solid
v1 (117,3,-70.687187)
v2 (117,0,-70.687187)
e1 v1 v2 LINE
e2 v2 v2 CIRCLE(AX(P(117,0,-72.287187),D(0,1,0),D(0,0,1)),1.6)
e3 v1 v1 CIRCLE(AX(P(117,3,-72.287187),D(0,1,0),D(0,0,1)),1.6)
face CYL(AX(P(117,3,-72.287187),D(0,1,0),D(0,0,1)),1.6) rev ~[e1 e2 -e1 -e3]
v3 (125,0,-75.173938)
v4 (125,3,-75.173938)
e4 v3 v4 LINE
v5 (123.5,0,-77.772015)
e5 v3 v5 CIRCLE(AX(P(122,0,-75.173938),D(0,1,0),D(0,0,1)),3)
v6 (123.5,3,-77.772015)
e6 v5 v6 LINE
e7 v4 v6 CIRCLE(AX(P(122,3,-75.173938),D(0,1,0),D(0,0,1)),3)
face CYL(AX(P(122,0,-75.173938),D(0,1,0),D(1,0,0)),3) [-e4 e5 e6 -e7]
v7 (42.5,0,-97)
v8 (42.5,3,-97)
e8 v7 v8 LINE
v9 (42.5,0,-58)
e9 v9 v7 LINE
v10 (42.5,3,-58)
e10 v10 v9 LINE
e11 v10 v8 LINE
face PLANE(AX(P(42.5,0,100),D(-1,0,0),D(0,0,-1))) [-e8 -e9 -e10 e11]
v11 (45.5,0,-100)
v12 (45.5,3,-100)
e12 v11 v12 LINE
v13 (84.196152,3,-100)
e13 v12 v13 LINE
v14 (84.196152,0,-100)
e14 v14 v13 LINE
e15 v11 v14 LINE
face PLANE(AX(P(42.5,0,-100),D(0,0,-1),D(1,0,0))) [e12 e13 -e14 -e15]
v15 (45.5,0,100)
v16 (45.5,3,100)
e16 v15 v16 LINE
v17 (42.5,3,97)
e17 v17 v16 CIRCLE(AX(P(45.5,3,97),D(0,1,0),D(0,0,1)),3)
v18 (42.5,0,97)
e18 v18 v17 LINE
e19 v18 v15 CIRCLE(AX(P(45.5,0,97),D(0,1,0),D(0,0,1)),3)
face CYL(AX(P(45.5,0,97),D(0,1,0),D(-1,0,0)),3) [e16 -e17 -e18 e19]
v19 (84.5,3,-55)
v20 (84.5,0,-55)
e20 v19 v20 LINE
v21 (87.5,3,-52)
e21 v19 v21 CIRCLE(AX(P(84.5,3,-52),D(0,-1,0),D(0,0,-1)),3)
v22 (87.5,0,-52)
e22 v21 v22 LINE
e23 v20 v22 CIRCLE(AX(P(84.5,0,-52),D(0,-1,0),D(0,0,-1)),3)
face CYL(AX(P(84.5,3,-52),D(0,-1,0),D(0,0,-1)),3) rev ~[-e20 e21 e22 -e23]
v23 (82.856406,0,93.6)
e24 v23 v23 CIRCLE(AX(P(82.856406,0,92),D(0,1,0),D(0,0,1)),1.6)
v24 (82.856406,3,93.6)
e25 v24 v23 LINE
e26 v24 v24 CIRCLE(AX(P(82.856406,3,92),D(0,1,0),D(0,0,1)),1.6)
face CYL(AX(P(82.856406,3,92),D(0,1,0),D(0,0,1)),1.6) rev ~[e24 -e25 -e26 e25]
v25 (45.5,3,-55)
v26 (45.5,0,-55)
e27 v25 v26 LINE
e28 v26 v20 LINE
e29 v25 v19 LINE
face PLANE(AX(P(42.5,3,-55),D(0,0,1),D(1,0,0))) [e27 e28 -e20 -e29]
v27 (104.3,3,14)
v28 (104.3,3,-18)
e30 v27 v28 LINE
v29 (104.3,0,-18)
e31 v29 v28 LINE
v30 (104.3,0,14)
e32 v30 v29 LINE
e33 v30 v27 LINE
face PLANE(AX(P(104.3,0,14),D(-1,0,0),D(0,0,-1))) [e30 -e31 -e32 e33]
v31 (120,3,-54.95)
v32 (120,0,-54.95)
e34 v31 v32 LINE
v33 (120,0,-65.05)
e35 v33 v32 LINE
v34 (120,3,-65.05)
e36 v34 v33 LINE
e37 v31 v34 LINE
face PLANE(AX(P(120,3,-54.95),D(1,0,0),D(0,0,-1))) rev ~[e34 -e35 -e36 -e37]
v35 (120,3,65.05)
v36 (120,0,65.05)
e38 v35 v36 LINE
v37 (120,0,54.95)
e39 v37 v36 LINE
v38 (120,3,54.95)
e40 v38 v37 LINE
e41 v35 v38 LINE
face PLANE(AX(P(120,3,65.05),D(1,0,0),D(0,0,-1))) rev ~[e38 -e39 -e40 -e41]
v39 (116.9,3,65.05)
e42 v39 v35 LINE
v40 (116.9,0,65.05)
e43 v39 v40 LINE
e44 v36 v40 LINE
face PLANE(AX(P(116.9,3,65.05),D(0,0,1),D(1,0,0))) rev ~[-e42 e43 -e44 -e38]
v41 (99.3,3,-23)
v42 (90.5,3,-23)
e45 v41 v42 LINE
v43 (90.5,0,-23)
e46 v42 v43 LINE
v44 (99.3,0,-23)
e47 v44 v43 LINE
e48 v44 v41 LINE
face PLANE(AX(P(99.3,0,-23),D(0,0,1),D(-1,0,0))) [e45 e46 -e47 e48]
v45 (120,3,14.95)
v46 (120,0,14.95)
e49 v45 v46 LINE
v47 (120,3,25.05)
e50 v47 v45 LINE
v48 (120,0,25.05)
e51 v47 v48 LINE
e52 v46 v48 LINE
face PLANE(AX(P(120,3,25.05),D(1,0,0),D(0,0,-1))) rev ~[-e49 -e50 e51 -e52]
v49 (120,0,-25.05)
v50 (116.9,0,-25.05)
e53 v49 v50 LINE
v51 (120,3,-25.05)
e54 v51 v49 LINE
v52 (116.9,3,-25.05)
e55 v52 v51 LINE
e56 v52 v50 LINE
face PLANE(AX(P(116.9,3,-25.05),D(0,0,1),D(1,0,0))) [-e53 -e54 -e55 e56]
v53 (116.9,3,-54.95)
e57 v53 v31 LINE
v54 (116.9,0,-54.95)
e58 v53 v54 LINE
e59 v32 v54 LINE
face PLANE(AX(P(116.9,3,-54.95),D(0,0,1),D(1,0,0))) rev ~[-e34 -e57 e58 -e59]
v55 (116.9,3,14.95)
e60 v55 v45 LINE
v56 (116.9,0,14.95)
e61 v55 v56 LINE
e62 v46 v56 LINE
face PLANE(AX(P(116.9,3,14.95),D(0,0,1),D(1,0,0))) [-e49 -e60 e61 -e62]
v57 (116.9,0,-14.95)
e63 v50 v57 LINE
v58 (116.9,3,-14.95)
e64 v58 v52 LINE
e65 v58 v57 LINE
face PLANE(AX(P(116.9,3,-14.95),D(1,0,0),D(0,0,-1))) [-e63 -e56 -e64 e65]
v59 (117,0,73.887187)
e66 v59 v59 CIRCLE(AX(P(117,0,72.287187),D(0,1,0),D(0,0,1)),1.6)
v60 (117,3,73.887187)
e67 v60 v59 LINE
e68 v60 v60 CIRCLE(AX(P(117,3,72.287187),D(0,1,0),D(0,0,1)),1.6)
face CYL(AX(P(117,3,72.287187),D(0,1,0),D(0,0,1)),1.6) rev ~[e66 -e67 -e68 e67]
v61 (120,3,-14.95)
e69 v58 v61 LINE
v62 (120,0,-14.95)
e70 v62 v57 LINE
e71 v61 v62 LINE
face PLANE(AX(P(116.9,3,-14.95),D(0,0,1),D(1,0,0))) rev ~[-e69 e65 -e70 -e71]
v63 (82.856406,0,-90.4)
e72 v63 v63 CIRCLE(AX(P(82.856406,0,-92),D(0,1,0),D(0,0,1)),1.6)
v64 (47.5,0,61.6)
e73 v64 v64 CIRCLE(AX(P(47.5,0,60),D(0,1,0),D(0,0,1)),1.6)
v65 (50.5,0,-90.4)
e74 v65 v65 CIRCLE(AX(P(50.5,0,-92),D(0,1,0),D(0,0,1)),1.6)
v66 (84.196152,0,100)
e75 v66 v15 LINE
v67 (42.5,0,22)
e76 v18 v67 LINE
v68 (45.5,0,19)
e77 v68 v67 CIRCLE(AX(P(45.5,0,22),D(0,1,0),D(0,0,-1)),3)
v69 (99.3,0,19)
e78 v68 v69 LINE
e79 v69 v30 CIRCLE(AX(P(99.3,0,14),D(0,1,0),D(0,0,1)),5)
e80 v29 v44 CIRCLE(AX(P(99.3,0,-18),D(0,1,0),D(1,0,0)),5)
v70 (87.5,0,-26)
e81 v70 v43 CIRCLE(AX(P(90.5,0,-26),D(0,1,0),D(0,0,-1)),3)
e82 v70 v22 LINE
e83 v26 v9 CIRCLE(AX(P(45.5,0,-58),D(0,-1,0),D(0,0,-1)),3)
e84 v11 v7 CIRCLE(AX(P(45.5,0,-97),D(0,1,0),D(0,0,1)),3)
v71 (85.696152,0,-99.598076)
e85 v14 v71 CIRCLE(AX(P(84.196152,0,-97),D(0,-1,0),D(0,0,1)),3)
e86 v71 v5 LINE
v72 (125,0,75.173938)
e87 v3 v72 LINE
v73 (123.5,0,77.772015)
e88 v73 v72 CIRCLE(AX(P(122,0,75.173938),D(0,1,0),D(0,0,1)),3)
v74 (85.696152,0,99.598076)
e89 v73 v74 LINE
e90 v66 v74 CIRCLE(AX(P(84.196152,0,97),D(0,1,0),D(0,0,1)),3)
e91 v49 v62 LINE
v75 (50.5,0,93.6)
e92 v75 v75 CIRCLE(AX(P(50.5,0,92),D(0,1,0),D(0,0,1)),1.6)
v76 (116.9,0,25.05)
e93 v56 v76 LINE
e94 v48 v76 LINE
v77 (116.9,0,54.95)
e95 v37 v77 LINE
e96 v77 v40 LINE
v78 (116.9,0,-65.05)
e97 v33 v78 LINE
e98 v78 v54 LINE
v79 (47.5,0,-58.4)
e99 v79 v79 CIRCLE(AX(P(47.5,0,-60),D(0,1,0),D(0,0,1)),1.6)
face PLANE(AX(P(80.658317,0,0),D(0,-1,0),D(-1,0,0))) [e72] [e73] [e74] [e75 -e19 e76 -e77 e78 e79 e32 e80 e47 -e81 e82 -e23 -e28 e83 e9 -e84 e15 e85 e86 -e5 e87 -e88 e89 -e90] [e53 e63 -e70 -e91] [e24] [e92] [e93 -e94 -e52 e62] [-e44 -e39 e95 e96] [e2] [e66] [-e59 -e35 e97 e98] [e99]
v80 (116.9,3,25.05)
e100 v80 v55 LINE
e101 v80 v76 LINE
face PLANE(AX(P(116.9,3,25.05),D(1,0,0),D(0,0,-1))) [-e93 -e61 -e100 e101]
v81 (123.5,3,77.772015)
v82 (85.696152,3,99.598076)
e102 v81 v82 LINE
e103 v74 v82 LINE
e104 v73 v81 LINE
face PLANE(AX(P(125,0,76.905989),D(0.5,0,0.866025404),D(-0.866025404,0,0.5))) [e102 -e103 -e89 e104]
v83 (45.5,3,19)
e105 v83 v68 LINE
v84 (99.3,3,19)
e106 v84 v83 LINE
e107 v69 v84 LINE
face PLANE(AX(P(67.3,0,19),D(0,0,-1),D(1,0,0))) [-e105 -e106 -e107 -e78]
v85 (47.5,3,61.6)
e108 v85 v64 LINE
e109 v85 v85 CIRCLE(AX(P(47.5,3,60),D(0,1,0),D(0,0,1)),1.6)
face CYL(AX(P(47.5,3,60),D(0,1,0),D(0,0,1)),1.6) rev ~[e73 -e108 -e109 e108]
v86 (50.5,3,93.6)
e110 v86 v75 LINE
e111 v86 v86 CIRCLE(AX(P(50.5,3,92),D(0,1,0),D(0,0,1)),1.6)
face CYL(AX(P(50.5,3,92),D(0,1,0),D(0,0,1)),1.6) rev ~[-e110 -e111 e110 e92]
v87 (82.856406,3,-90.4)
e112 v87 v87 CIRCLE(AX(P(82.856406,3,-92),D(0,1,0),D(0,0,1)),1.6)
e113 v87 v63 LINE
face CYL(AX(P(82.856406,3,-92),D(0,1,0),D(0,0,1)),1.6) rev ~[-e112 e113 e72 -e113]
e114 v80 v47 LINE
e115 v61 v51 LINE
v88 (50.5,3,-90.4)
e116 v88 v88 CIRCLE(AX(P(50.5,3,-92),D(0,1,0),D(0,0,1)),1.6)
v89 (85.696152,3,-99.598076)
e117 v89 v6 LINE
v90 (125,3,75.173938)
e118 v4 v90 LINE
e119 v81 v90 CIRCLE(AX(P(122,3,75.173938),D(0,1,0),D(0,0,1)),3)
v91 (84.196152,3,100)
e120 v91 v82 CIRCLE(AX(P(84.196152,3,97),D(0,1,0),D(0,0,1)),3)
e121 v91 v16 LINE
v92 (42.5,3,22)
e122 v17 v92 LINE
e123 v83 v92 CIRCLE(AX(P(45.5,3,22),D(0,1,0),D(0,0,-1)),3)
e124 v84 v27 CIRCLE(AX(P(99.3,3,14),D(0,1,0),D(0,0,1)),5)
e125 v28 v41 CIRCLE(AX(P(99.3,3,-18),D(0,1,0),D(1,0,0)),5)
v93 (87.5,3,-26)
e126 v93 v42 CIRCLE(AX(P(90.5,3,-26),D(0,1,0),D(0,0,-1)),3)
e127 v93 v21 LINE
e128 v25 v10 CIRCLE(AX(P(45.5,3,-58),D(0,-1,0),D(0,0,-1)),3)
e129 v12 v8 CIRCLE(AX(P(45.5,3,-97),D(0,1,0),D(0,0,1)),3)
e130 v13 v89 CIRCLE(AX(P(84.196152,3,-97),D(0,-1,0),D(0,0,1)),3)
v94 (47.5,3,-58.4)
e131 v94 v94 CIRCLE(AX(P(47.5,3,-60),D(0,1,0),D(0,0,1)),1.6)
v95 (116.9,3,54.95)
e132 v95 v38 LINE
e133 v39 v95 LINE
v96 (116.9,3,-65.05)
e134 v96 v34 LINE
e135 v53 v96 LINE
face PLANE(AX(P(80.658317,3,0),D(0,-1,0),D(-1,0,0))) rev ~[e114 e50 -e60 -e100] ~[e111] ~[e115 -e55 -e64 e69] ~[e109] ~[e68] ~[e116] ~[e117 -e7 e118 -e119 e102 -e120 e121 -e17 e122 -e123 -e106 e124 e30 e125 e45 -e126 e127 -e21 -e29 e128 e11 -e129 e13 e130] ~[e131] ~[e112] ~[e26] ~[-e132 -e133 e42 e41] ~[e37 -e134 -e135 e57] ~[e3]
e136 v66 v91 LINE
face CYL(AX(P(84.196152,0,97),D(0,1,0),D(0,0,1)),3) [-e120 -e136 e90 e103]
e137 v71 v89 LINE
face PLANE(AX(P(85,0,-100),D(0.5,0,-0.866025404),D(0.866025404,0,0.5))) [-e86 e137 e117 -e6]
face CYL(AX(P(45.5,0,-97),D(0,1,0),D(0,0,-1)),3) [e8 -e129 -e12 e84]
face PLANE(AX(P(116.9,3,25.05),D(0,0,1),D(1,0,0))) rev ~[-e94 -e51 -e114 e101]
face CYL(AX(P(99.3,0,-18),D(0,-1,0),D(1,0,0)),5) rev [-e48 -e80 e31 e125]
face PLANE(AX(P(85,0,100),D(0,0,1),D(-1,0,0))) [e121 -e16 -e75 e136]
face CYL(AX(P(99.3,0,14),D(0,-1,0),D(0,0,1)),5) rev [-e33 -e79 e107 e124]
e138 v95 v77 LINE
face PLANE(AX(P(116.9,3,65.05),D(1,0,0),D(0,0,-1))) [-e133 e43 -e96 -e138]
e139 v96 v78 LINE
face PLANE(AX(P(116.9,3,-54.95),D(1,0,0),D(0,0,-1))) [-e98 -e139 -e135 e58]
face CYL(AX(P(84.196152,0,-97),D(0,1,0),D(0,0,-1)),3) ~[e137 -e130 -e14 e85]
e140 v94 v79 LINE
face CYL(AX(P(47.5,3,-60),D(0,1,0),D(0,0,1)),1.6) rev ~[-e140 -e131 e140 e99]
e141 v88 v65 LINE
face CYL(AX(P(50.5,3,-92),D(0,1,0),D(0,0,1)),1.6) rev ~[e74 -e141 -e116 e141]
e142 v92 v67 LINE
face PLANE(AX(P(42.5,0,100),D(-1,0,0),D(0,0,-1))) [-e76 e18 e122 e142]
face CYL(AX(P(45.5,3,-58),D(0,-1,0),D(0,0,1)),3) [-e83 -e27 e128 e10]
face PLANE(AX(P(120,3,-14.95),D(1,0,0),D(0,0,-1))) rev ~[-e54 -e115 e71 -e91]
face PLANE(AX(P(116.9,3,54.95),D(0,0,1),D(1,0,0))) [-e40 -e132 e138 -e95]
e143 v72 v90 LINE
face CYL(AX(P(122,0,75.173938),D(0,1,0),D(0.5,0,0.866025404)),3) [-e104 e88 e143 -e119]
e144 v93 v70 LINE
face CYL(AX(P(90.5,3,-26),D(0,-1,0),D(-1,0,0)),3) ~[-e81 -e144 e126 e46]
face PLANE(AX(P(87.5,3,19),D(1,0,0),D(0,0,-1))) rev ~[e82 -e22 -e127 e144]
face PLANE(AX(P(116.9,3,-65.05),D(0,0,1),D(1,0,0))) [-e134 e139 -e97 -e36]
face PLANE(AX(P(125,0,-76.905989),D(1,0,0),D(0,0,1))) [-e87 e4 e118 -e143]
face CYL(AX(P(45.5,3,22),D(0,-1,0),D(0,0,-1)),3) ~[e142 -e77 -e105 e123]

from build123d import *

# Parameters (mm, degrees)
BOSS_EXTRUDE1_DEPTH = 3
CUT_EXTRUDE1_REACH  = 162.106
SKETCH2_W           = 45
SKETCH2_H           = 74
FILLET2_R           = 3
SKETCH3_W           = 3.1
SKETCH3_H           = 10.1
CUT_EXTRUDE2_DEPTH  = 161.106214745
CUT_EXTRUDE3_REACH  = 162.106
SKETCH4_R           = 1.6


with BuildPart() as part:
    # Sketch1 → Boss-Extrude1 (new body)
    with BuildSketch(Plane(origin=(0, 0, 0), x_dir=(1, 0, 0), z_dir=(0, 1, 0))):
        Polygon((42.5, 100), (85, 100), (125, 76.905989232), (125, -76.905989232), (85, -100), (42.5, -100), align=None)
        with BuildLine():
            Line((99.3, 23), (67.3, 23))
            ThreePointArc((67.3, 23), (63.764466094, 21.535533906), (62.3, 18))
            Line((62.3, 18), (62.3, -14))
            ThreePointArc((62.3, -14), (63.764466094, -17.535533906), (67.3, -19))
            Line((67.3, -19), (99.3, -19))
            ThreePointArc((99.3, -19), (102.835533906, -17.535533906), (104.3, -14))
            Line((104.3, -14), (104.3, 18))
            ThreePointArc((104.3, 18), (102.835533906, 21.535533906), (99.3, 23))
        make_face(mode=Mode.SUBTRACT)
    extrude(amount=BOSS_EXTRUDE1_DEPTH)

    # Sketch2 → Cut-Extrude1 (cut, up to next)
    with BuildSketch(Plane(origin=(0, 3, 0), x_dir=(1, 0, 0), z_dir=(0, 1, 0)), mode=Mode.PRIVATE) as cut_extrude1_sk1:
        with Locations((65, 18)):
            Rectangle(SKETCH2_W, SKETCH2_H)
    cut_extrude1_tool1 = extrude(cut_extrude1_sk1.sketch, amount=-CUT_EXTRUDE1_REACH, mode=Mode.PRIVATE) & part.part
    add(cut_extrude1_tool1.solids().sort_by_distance((65, 3, -18))[0], mode=Mode.SUBTRACT)

    # Fillet2
    fillet2_edges = [part.edges().sort_by_distance(p)[0] for p in [
        (125, 1.5, -76.905989232),
        (125, 1.5, 76.905989232),
        (85, 1.5, 100),
        (42.5, 1.5, 100),
        (42.5, 1.5, -100),
        (85, 1.5, -100),
        (42.5, 1.5, 19),
        (42.5, 1.5, -55),
        (87.5, 1.5, -23),
        (87.5, 1.5, -55),
    ]]
    fillet(fillet2_edges, radius=FILLET2_R)

    # Sketch3 → Cut-Extrude2 (cut, through all)
    with BuildSketch(Plane(origin=(0, 3, 0), x_dir=(1, 0, 0), z_dir=(0, 1, 0))):
        with Locations((118.45, 20)):
            Rectangle(SKETCH3_W, SKETCH3_H)
        with Locations((118.45, -20)):
            Rectangle(SKETCH3_W, SKETCH3_H)
        with Locations((118.45, 60)):
            Rectangle(SKETCH3_W, SKETCH3_H)
        with Locations((118.45, -60)):
            Rectangle(SKETCH3_W, SKETCH3_H)
    extrude(amount=-CUT_EXTRUDE2_DEPTH, mode=Mode.SUBTRACT)

    # Sketch4 → Cut-Extrude3 (cut, up to next)
    with BuildSketch(Plane(origin=(0, 3, 0), x_dir=(1, 0, 0), z_dir=(0, 1, 0)), mode=Mode.PRIVATE) as cut_extrude3_sk1:
        with Locations(Location((50.5, 92, 0), (0, 0, 270))):
            Circle(SKETCH4_R)
    cut_extrude3_tool1 = extrude(cut_extrude3_sk1.sketch, amount=-CUT_EXTRUDE3_REACH, mode=Mode.PRIVATE) & part.part
    # Sketch4 → Cut-Extrude3 (cut, up to next)
    with BuildSketch(Plane(origin=(0, 3, 0), x_dir=(1, 0, 0), z_dir=(0, 1, 0)), mode=Mode.PRIVATE) as cut_extrude3_sk2:
        with Locations(Location((47.5, 60, 0), (0, 0, 270))):
            Circle(SKETCH4_R)
    cut_extrude3_tool2 = extrude(cut_extrude3_sk2.sketch, amount=-CUT_EXTRUDE3_REACH, mode=Mode.PRIVATE) & part.part
    # Sketch4 → Cut-Extrude3 (cut, up to next)
    with BuildSketch(Plane(origin=(0, 3, 0), x_dir=(1, 0, 0), z_dir=(0, 1, 0)), mode=Mode.PRIVATE) as cut_extrude3_sk3:
        with Locations(Location((47.5, -60, 0), (0, 0, 270))):
            Circle(SKETCH4_R)
    cut_extrude3_tool3 = extrude(cut_extrude3_sk3.sketch, amount=-CUT_EXTRUDE3_REACH, mode=Mode.PRIVATE) & part.part
    # Sketch4 → Cut-Extrude3 (cut, up to next)
    with BuildSketch(Plane(origin=(0, 3, 0), x_dir=(1, 0, 0), z_dir=(0, 1, 0)), mode=Mode.PRIVATE) as cut_extrude3_sk4:
        with Locations(Location((50.5, -92, 0), (0, 0, 270))):
            Circle(SKETCH4_R)
    cut_extrude3_tool4 = extrude(cut_extrude3_sk4.sketch, amount=-CUT_EXTRUDE3_REACH, mode=Mode.PRIVATE) & part.part
    # Sketch4 → Cut-Extrude3 (cut, up to next)
    with BuildSketch(Plane(origin=(0, 3, 0), x_dir=(1, 0, 0), z_dir=(0, 1, 0)), mode=Mode.PRIVATE) as cut_extrude3_sk5:
        with Locations(Location((117, 72.287187079, 0), (0, 0, 270))):
            Circle(SKETCH4_R)
    cut_extrude3_tool5 = extrude(cut_extrude3_sk5.sketch, amount=-CUT_EXTRUDE3_REACH, mode=Mode.PRIVATE) & part.part
    # Sketch4 → Cut-Extrude3 (cut, up to next)
    with BuildSketch(Plane(origin=(0, 3, 0), x_dir=(1, 0, 0), z_dir=(0, 1, 0)), mode=Mode.PRIVATE) as cut_extrude3_sk6:
        with Locations(Location((117, -72.287187079, 0), (0, 0, 270))):
            Circle(SKETCH4_R)
    cut_extrude3_tool6 = extrude(cut_extrude3_sk6.sketch, amount=-CUT_EXTRUDE3_REACH, mode=Mode.PRIVATE) & part.part
    # Sketch4 → Cut-Extrude3 (cut, up to next)
    with BuildSketch(Plane(origin=(0, 3, 0), x_dir=(1, 0, 0), z_dir=(0, 1, 0)), mode=Mode.PRIVATE) as cut_extrude3_sk7:
        with Locations(Location((82.856406461, 92, 0), (0, 0, 270))):
            Circle(SKETCH4_R)
    cut_extrude3_tool7 = extrude(cut_extrude3_sk7.sketch, amount=-CUT_EXTRUDE3_REACH, mode=Mode.PRIVATE) & part.part
    # Sketch4 → Cut-Extrude3 (cut, up to next)
    with BuildSketch(Plane(origin=(0, 3, 0), x_dir=(1, 0, 0), z_dir=(0, 1, 0)), mode=Mode.PRIVATE) as cut_extrude3_sk8:
        with Locations(Location((82.856406461, -92, 0), (0, 0, 270))):
            Circle(SKETCH4_R)
    cut_extrude3_tool8 = extrude(cut_extrude3_sk8.sketch, amount=-CUT_EXTRUDE3_REACH, mode=Mode.PRIVATE) & part.part
    add(cut_extrude3_tool1.solids().sort_by_distance((50.5, 3, -92))[0], mode=Mode.SUBTRACT)
    add(cut_extrude3_tool2.solids().sort_by_distance((47.5, 3, -60))[0], mode=Mode.SUBTRACT)
    add(cut_extrude3_tool3.solids().sort_by_distance((47.5, 3, 60))[0], mode=Mode.SUBTRACT)
    add(cut_extrude3_tool4.solids().sort_by_distance((50.5, 3, 92))[0], mode=Mode.SUBTRACT)
    add(cut_extrude3_tool5.solids().sort_by_distance((117, 3, -72.287187))[0], mode=Mode.SUBTRACT)
    add(cut_extrude3_tool6.solids().sort_by_distance((117, 3, 72.287187))[0], mode=Mode.SUBTRACT)
    add(cut_extrude3_tool7.solids().sort_by_distance((82.856406, 3, -92))[0], mode=Mode.SUBTRACT)
    add(cut_extrude3_tool8.solids().sort_by_distance((82.856406, 3, 92))[0], mode=Mode.SUBTRACT)


solid = part.part
